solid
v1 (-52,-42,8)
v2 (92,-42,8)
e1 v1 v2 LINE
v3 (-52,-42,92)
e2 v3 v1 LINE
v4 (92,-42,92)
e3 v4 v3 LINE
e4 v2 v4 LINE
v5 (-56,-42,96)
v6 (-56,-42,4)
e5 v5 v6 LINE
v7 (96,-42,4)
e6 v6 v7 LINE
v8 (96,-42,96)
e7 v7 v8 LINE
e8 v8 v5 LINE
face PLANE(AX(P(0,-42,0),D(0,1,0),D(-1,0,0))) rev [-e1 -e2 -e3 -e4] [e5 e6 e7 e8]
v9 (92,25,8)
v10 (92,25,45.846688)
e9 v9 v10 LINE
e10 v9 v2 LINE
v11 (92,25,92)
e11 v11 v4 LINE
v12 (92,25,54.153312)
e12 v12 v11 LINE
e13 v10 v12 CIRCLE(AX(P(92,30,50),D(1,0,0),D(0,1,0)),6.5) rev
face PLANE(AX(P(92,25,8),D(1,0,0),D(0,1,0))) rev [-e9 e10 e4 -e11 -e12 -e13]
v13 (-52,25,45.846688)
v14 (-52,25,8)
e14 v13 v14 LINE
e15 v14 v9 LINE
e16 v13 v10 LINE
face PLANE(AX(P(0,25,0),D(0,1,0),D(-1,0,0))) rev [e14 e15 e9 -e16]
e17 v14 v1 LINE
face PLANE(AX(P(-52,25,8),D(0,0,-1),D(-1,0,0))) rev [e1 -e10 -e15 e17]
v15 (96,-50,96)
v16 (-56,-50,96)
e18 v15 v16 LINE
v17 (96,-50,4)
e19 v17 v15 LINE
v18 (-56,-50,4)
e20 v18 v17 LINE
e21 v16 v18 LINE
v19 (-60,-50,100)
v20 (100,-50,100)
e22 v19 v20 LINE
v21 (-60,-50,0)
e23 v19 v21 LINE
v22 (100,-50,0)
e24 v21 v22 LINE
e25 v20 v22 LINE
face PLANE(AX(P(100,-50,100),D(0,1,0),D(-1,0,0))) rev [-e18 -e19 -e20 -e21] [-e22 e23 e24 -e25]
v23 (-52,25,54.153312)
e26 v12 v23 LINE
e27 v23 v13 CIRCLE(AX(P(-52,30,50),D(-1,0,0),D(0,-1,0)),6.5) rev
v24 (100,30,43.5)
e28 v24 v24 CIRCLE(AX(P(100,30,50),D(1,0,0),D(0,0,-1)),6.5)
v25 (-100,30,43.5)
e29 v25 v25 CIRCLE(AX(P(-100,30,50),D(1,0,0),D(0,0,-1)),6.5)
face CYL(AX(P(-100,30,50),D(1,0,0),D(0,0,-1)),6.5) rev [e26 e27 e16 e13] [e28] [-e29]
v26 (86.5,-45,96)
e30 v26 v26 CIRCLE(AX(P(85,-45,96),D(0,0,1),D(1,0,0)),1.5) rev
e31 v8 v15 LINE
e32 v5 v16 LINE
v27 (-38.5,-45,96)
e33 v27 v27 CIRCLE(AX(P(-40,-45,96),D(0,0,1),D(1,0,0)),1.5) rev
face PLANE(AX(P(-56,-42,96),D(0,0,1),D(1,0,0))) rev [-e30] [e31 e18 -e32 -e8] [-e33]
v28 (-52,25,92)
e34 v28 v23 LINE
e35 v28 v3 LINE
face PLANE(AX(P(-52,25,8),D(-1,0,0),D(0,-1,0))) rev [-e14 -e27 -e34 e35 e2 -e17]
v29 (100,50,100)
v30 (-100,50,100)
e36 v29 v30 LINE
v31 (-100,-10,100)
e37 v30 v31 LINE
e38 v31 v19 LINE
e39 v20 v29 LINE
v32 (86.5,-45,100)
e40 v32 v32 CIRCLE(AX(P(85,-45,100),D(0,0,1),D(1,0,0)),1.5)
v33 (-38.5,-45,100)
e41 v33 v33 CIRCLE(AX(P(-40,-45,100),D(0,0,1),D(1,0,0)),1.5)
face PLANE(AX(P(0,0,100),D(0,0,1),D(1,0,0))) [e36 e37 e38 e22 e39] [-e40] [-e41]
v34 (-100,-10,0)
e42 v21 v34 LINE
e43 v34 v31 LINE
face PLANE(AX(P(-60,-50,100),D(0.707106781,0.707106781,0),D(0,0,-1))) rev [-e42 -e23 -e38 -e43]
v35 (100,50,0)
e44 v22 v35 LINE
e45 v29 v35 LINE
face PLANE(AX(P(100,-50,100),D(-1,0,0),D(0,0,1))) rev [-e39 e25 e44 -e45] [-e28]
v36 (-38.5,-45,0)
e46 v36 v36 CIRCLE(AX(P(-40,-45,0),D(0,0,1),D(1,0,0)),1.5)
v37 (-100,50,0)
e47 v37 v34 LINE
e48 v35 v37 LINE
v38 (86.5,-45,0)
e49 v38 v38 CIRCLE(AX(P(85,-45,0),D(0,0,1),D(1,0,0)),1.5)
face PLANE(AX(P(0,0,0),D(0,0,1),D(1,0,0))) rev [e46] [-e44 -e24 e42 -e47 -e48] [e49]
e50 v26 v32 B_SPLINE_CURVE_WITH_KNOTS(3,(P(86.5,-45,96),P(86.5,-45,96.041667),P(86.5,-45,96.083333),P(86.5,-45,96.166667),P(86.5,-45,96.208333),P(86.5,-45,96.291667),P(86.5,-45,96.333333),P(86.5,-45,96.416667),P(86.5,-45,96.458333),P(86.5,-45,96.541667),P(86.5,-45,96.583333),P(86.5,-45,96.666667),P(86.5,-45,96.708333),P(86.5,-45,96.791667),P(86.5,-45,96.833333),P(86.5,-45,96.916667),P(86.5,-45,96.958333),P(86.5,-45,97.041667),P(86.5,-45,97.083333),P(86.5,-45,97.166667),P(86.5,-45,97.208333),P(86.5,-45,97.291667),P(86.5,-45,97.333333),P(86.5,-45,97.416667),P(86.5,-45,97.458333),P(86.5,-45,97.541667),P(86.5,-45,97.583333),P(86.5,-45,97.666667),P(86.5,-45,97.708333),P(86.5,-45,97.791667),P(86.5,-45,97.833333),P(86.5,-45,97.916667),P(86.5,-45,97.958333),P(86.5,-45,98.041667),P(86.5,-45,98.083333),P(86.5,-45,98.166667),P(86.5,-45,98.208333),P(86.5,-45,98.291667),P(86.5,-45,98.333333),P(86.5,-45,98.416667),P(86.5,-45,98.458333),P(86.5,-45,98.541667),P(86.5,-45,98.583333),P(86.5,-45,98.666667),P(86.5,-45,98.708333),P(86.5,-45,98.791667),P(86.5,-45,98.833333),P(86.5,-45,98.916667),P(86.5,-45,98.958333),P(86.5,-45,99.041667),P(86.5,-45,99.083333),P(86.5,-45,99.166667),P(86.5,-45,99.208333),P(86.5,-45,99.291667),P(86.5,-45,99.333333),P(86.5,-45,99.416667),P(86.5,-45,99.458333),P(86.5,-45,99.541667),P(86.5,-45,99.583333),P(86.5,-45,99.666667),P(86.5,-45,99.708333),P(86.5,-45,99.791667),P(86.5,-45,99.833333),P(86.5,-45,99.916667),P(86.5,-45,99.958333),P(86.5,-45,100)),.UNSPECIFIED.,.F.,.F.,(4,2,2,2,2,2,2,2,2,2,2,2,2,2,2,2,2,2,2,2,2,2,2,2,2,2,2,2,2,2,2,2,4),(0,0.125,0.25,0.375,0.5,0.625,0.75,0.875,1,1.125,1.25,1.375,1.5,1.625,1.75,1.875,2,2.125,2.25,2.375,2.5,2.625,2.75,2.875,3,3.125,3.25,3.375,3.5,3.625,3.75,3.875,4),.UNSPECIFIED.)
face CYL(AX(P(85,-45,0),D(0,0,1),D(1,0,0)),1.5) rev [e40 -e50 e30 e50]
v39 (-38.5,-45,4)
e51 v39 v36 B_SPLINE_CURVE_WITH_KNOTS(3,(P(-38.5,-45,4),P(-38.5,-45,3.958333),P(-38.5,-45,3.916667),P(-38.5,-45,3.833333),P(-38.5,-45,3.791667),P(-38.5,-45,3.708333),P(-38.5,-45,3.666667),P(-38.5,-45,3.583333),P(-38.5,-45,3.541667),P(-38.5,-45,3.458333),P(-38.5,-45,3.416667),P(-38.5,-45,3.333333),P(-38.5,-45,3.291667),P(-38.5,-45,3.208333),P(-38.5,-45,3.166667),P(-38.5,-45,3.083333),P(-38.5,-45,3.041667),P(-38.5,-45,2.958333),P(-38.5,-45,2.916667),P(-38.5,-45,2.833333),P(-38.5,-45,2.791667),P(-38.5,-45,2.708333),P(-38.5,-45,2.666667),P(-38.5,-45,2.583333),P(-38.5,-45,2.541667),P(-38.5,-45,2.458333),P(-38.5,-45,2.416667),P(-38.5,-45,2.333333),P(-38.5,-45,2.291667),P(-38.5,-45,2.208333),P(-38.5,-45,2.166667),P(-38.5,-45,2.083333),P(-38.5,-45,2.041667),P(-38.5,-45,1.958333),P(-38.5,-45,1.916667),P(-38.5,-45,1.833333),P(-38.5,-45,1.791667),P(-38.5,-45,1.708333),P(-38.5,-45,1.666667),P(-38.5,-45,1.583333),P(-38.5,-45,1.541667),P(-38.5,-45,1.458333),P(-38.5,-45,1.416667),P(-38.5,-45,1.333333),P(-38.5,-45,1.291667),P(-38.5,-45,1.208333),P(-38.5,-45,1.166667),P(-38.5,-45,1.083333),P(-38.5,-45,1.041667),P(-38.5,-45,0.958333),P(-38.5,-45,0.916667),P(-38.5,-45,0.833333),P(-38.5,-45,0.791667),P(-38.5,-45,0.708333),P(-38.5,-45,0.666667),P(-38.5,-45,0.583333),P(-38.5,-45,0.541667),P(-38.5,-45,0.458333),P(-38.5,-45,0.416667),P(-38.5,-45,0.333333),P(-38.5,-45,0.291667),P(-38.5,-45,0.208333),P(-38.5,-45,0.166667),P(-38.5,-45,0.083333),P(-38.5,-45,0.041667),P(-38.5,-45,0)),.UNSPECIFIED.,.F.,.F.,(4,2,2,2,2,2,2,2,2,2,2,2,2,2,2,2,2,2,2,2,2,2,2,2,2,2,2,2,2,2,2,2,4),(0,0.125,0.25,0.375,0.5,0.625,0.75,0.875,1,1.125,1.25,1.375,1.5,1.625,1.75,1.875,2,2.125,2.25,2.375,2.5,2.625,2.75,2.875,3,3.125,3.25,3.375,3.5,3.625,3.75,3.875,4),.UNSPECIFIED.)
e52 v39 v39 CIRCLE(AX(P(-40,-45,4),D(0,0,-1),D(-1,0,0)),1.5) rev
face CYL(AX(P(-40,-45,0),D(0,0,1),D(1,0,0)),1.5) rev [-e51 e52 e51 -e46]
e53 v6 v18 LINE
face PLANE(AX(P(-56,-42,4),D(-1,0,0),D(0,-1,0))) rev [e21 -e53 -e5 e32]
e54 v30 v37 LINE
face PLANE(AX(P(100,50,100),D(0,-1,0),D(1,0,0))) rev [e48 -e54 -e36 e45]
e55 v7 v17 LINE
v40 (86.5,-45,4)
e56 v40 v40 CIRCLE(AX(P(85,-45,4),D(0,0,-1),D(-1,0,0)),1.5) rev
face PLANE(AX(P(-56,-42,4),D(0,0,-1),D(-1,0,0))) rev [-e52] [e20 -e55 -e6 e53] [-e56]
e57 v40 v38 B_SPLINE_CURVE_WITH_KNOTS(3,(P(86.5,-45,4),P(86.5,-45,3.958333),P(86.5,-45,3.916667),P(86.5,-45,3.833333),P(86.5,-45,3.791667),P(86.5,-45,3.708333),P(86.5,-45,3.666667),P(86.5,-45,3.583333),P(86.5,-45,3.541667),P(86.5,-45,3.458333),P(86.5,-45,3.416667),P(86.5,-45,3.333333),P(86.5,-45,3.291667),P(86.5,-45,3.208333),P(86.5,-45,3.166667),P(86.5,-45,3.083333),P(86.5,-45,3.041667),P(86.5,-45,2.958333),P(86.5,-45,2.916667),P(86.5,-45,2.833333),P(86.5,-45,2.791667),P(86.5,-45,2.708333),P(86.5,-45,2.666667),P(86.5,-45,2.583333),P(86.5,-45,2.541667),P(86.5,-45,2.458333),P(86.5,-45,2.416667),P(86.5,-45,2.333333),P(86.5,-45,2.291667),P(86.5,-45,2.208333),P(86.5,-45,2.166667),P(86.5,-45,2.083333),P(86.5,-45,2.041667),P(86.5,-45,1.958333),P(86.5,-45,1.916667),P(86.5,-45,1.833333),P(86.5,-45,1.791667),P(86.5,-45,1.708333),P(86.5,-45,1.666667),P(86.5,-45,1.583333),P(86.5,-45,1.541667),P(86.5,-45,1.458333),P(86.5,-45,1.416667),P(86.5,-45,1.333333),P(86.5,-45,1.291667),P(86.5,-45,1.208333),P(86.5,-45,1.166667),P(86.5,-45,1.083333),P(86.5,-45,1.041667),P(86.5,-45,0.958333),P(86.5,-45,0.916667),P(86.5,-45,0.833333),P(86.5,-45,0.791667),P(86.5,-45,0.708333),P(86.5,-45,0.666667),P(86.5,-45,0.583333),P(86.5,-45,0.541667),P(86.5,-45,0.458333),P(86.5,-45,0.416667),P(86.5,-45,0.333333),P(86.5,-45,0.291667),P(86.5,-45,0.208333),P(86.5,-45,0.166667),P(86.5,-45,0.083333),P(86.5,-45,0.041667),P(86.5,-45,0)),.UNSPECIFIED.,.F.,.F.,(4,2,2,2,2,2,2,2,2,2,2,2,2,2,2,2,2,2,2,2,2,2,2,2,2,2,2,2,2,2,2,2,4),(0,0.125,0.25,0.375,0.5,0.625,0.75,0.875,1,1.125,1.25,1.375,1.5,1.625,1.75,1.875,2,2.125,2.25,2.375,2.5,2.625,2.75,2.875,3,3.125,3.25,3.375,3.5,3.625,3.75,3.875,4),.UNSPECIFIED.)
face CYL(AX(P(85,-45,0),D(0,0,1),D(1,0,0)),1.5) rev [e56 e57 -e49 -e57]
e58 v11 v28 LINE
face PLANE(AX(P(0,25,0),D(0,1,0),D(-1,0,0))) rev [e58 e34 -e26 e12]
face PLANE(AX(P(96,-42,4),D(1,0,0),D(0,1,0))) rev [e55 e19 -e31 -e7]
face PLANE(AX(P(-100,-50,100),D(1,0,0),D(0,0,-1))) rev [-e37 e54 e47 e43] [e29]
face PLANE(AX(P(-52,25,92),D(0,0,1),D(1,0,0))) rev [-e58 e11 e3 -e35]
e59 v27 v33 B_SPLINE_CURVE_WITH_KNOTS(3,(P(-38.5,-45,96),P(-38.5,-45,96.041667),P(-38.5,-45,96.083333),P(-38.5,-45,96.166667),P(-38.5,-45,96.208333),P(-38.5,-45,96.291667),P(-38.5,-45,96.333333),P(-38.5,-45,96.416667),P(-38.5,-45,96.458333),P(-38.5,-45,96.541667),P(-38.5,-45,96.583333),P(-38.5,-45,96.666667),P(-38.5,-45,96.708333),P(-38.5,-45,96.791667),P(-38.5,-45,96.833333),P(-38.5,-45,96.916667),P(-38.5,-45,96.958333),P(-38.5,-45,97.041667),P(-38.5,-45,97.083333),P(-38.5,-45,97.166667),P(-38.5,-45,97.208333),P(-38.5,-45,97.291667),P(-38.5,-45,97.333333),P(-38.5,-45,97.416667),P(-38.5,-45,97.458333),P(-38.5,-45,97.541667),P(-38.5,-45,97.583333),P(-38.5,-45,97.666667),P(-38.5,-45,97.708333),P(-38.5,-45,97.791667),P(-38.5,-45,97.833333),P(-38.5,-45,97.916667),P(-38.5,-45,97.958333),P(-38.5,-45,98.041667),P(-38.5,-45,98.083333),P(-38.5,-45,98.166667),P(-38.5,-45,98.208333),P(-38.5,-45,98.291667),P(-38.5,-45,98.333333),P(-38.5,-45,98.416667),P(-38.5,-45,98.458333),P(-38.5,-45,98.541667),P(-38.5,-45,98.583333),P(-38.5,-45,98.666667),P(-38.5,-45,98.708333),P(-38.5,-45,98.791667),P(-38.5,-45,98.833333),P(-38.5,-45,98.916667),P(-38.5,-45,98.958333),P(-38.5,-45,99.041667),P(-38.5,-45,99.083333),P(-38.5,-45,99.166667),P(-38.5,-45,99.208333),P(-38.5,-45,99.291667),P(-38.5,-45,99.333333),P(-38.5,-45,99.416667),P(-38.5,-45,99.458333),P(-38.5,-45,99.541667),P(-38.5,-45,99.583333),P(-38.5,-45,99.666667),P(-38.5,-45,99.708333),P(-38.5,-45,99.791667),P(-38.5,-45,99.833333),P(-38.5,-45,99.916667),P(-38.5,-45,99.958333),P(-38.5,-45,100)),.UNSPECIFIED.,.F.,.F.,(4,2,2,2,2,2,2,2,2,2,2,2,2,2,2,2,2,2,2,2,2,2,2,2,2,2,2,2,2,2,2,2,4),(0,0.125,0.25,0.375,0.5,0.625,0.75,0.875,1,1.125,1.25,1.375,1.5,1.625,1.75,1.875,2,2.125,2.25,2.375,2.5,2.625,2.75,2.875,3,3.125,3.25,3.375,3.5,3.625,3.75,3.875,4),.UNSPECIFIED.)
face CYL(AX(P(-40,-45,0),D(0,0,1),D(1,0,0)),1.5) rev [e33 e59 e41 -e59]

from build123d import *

# Parameters (mm, degrees)
ESQUISSE1_W             = 200
ESQUISSE1_H             = 100
BOSS_EXTRU_1_DEPTH      = 100
CHANFREIN1_SIZE         = 40
ESQUISSE2_R             = 6.5
ENL_V_MAT_EXTRU_1_DEPTH = 230.128784748
ESQUISSE4_R             = 1.5
ENL_V_MAT_EXTRU_3_DEPTH = 151
ESQUISSE5_W             = 144
ESQUISSE5_H             = 84
ENL_V_MAT_EXTRU_4_DEPTH = 75
ESQUISSE6_W             = 152
ESQUISSE6_H             = 92
ENL_V_MAT_EXTRU_5_DEPTH = 8


with BuildPart() as part:
    # Esquisse1 → Boss.-Extru.1 (new body)
    with BuildSketch(Plane.XY):
        Rectangle(ESQUISSE1_W, ESQUISSE1_H)
    extrude(amount=BOSS_EXTRU_1_DEPTH)

    # Chanfrein1
    chanfrein1_edges = [part.edges().sort_by_distance(p)[0] for p in [
        (-100, -50, 50),
    ]]
    chamfer(chanfrein1_edges, length=CHANFREIN1_SIZE)

    # Esquisse2 → Enlèv. mat.-Extru.1 (cut, through all)
    with BuildSketch(Plane(origin=(100, 0, 0), x_dir=(0, 0, -1), z_dir=(1, 0, 0))):
        with Locations((-50, 30)):
            Circle(ESQUISSE2_R)
    extrude(amount=-ENL_V_MAT_EXTRU_1_DEPTH, mode=Mode.SUBTRACT)

    # Esquisse4 → Enlèv. mat.-Extru.3 (cut, through all)
    with BuildSketch(Plane.XY.offset(100)):
        with Locations((85, -45)):
            Circle(ESQUISSE4_R)
        with Locations((-40, -45)):
            Circle(ESQUISSE4_R)
    extrude(amount=-ENL_V_MAT_EXTRU_3_DEPTH, mode=Mode.SUBTRACT)

    # Esquisse5 → Enlèv. mat.-Extru.4 (cut)
    with BuildSketch(Plane.XZ.offset(50)):
        with Locations((20, 50)):
            Rectangle(ESQUISSE5_W, ESQUISSE5_H)
    extrude(amount=-ENL_V_MAT_EXTRU_4_DEPTH, mode=Mode.SUBTRACT)

    # Esquisse6 → Enlèv. mat.-Extru.5 (cut)
    with BuildSketch(Plane.XZ.offset(50)):
        with Locations((20, 50)):
            Rectangle(ESQUISSE6_W, ESQUISSE6_H)
    extrude(amount=-ENL_V_MAT_EXTRU_5_DEPTH, mode=Mode.SUBTRACT)


solid = part.part
